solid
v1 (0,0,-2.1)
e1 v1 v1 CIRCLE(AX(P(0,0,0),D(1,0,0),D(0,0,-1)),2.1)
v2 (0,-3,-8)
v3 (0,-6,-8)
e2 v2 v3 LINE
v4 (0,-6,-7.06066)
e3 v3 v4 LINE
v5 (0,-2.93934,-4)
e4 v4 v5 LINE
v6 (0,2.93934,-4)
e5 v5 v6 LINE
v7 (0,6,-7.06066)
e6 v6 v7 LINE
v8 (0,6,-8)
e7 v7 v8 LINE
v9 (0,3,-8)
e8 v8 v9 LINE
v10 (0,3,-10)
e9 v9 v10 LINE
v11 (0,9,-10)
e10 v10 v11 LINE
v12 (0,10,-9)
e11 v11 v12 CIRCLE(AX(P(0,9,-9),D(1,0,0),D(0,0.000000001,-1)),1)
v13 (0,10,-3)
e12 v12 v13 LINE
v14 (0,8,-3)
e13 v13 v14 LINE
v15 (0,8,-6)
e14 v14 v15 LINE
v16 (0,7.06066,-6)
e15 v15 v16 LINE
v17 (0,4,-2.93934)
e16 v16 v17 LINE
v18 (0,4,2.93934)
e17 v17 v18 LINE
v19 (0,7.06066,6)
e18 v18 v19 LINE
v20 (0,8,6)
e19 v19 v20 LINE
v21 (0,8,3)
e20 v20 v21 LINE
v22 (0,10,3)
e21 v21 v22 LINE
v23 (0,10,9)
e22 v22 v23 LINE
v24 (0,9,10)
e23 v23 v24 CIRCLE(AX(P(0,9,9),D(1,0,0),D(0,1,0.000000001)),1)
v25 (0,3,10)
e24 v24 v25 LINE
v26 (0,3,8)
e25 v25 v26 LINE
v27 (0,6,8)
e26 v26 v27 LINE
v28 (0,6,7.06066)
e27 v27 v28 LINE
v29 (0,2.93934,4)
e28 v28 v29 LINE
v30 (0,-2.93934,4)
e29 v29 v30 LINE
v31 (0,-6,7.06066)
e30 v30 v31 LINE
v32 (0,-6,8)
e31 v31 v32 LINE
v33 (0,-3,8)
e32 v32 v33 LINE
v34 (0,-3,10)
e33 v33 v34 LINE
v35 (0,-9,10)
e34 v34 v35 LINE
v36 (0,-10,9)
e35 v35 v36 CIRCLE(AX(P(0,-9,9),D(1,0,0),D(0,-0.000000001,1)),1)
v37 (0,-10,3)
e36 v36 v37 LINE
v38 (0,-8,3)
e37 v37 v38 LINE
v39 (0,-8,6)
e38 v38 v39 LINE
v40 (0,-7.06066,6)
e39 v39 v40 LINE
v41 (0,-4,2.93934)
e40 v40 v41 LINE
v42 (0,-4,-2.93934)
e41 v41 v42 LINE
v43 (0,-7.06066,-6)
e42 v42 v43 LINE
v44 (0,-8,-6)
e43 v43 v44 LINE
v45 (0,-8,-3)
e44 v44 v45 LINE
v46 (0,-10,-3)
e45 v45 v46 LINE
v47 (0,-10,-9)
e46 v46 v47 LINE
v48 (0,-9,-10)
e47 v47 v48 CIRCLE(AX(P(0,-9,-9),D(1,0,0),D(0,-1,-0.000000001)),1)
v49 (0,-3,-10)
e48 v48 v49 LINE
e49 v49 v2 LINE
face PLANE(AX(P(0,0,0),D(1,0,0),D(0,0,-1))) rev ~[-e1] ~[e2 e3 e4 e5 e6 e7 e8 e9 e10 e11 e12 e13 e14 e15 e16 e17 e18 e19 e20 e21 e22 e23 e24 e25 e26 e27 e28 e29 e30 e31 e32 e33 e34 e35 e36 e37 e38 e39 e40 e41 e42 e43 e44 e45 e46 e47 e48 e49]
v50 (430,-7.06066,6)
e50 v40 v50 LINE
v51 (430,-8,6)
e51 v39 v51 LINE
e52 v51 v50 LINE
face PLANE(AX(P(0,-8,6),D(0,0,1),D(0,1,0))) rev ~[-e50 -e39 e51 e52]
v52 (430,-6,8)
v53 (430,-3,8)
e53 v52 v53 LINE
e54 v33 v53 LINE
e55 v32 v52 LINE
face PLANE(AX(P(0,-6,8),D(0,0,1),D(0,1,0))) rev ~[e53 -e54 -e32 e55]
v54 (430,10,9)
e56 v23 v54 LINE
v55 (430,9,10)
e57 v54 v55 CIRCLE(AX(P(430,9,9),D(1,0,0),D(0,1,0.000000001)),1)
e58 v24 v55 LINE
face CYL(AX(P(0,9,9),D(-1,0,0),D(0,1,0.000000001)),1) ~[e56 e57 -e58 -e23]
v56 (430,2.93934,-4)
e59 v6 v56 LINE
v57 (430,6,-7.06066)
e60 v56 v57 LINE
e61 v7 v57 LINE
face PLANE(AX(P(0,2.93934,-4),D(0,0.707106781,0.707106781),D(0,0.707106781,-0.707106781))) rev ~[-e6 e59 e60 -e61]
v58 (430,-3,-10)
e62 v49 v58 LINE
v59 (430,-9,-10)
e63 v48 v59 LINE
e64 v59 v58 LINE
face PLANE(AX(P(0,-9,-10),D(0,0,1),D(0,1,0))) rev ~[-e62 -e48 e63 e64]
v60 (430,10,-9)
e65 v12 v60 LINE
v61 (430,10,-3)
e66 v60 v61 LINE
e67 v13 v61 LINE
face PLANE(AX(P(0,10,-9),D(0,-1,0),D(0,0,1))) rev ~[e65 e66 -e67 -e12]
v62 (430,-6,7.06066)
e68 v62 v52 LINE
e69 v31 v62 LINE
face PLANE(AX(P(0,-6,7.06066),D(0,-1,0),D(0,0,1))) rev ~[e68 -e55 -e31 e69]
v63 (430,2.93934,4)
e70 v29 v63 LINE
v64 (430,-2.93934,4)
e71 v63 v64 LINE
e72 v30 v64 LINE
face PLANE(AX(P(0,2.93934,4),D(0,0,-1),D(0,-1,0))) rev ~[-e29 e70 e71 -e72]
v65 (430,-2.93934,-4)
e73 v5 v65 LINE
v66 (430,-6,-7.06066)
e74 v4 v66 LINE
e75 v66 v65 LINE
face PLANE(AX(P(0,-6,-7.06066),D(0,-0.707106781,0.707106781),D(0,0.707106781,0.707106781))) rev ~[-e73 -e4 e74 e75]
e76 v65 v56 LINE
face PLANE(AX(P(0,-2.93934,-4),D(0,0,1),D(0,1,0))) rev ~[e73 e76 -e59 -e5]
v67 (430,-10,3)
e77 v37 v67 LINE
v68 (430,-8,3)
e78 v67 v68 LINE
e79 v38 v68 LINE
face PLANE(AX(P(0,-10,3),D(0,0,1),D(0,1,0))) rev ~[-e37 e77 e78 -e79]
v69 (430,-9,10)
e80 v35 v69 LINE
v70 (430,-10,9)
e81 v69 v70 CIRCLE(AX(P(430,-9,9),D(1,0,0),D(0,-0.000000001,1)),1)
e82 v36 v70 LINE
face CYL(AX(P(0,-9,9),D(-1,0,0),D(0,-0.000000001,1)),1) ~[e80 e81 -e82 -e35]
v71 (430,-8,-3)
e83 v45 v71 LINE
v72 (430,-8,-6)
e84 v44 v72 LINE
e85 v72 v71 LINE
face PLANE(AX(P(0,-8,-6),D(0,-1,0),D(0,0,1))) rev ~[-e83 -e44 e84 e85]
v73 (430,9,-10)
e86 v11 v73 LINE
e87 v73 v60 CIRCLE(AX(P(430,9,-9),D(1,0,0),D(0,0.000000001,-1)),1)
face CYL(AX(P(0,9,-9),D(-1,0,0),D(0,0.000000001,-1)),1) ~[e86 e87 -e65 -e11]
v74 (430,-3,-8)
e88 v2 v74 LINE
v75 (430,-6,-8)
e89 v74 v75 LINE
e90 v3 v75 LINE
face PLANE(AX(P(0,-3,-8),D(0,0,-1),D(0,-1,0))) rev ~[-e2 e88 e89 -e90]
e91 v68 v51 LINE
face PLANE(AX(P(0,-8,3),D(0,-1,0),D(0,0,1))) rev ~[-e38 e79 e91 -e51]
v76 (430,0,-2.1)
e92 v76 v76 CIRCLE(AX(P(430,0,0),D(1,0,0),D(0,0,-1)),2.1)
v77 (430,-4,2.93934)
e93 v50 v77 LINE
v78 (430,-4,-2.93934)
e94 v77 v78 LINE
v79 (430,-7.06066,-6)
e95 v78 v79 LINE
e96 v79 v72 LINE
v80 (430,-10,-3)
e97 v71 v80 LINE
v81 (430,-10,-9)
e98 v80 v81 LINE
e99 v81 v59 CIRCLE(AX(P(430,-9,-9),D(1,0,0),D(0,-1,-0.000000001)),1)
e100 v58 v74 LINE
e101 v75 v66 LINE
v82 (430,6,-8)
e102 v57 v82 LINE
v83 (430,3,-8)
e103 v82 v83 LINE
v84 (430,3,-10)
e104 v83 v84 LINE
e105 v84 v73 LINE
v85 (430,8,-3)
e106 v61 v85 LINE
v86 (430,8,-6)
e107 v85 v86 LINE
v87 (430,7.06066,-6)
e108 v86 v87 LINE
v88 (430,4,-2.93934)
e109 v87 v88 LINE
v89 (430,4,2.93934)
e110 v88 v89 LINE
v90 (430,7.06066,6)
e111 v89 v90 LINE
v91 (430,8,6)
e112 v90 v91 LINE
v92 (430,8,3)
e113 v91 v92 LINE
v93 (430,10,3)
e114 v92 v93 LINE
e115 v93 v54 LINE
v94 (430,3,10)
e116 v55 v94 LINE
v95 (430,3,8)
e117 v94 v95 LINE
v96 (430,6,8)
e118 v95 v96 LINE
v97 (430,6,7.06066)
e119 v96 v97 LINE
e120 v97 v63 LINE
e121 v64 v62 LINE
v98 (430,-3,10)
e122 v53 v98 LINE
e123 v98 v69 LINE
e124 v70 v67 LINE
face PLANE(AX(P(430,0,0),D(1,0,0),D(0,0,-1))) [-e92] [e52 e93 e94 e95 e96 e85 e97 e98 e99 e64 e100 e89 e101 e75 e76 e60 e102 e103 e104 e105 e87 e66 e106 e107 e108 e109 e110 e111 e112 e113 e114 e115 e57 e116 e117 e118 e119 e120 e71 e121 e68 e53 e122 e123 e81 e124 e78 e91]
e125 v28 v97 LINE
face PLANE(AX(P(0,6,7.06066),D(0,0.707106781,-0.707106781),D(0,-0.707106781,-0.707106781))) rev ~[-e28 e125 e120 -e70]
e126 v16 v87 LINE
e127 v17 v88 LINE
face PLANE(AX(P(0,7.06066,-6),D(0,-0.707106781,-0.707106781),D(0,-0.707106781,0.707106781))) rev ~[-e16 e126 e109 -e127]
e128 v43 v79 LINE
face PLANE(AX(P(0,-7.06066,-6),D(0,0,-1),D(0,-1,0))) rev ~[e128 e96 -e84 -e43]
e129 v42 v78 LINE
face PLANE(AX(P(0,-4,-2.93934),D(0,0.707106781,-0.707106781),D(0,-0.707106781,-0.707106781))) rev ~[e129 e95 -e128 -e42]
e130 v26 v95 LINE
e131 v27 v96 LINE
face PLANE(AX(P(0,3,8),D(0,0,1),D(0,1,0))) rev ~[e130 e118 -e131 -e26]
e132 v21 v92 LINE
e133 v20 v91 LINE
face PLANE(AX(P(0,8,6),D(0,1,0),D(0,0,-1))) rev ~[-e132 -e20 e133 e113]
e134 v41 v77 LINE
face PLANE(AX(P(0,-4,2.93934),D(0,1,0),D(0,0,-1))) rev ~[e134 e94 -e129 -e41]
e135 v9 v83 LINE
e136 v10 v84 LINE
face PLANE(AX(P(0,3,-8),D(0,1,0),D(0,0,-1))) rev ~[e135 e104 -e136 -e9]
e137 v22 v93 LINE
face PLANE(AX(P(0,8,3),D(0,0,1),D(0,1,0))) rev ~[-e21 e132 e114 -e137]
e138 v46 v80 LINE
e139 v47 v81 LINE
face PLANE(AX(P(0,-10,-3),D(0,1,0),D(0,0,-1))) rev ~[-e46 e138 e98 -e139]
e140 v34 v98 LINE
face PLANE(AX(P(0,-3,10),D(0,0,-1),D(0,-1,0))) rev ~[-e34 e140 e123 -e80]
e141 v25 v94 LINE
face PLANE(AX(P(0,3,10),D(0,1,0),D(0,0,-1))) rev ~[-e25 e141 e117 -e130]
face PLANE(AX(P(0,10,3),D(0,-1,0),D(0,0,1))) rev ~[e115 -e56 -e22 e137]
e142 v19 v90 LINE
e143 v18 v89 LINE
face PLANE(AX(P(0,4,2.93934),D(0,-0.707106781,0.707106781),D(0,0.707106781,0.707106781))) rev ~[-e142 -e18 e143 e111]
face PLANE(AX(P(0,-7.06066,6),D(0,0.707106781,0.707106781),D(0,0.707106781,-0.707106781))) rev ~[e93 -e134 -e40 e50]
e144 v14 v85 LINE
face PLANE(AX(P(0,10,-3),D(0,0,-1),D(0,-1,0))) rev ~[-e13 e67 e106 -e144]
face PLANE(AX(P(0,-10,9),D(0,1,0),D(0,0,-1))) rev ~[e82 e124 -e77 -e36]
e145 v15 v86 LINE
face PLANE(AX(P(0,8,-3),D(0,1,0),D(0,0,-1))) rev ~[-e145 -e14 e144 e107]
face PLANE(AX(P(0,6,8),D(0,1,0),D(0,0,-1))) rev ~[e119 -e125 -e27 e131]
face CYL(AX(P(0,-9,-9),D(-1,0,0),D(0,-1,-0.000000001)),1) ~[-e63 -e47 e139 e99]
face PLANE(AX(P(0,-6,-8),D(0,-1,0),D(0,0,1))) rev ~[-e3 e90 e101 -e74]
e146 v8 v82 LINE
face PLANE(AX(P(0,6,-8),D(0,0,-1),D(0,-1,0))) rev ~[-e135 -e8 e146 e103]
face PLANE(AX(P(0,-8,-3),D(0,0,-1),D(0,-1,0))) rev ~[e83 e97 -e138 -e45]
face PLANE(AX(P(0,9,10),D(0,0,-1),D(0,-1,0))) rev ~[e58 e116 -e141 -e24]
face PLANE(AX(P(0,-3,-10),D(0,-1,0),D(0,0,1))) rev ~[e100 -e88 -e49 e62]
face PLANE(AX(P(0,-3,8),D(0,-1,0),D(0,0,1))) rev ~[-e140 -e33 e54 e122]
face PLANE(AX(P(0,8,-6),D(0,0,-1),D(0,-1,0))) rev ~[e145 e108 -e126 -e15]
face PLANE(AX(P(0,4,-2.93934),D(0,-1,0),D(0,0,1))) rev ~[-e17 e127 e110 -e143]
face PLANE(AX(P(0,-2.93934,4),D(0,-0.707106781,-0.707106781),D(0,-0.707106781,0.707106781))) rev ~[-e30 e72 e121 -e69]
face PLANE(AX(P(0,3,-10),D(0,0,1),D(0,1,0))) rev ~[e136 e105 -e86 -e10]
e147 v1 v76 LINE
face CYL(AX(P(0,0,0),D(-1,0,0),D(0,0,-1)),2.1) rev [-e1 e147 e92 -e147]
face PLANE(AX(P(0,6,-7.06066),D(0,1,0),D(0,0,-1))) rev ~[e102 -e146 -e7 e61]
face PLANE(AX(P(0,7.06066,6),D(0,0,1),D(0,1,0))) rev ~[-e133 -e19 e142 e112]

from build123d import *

# Parameters (mm, degrees)
SKETCH1_R           = 2.1
BOSS_EXTRUDE1_DEPTH = 430


with BuildPart() as part:
    # Sketch1 → Boss-Extrude1 (new body)
    with BuildSketch(Plane(origin=(0, 0, 0), x_dir=(0, 0, -1), z_dir=(1, 0, 0))):
        with BuildLine():
            Line((-10, 9), (-10, 3))
            Line((-10, 3), (-8, 3))
            Line((-8, 3), (-8, 6))
            Line((-8, 6), (-7.060660172, 6))
            Line((-7.060660172, 6), (-4, 2.939339828))
            Line((-4, 2.939339828), (-4, -2.939339828))
            Line((-4, -2.939339828), (-7.060660172, -6))
            Line((-7.060660172, -6), (-8, -6))
            Line((-8, -6), (-8, -3))
            Line((-8, -3), (-10, -3))
            Line((-10, -3), (-10, -9))
            ThreePointArc((-10, -9), (-9.707106781, -9.707106781), (-9, -10))
            Line((-9, -10), (-3, -10))
            Line((-3, -10), (-3, -8))
            Line((-3, -8), (-6, -8))
            Line((-6, -8), (-6, -7.060660172))
            Line((-6, -7.060660172), (-2.939339828, -4))
            Line((-2.939339828, -4), (2.939339828, -4))
            Line((2.939339828, -4), (6, -7.060660172))
            Line((6, -7.060660172), (6, -8))
            Line((6, -8), (3, -8))
            Line((3, -8), (3, -10))
            Line((3, -10), (9, -10))
            ThreePointArc((9, -10), (9.707106781, -9.707106781), (10, -9))
            Line((10, -9), (10, -3))
            Line((10, -3), (8, -3))
            Line((8, -3), (8, -6))
            Line((8, -6), (7.060660172, -6))
            Line((7.060660172, -6), (4, -2.939339828))
            Line((4, -2.939339828), (4, 2.939339828))
            Line((4, 2.939339828), (7.060660172, 6))
            Line((7.060660172, 6), (8, 6))
            Line((8, 6), (8, 3))
            Line((8, 3), (10, 3))
            Line((10, 3), (10, 9))
            ThreePointArc((10, 9), (9.707106781, 9.707106781), (9, 10))
            Line((9, 10), (3, 10))
            Line((3, 10), (3, 8))
            Line((3, 8), (6, 8))
            Line((6, 8), (6, 7.060660172))
            Line((6, 7.060660172), (2.939339828, 4))
            Line((2.939339828, 4), (-2.939339828, 4))
            Line((-2.939339828, 4), (-6, 7.060660172))
            Line((-6, 7.060660172), (-6, 8))
            Line((-6, 8), (-3, 8))
            Line((-3, 8), (-3, 10))
            Line((-3, 10), (-9, 10))
            ThreePointArc((-9, 10), (-9.707106781, 9.707106781), (-10, 9))
        make_face()
        Circle(SKETCH1_R, mode=Mode.SUBTRACT)
    extrude(amount=BOSS_EXTRUDE1_DEPTH)


solid = part.part
